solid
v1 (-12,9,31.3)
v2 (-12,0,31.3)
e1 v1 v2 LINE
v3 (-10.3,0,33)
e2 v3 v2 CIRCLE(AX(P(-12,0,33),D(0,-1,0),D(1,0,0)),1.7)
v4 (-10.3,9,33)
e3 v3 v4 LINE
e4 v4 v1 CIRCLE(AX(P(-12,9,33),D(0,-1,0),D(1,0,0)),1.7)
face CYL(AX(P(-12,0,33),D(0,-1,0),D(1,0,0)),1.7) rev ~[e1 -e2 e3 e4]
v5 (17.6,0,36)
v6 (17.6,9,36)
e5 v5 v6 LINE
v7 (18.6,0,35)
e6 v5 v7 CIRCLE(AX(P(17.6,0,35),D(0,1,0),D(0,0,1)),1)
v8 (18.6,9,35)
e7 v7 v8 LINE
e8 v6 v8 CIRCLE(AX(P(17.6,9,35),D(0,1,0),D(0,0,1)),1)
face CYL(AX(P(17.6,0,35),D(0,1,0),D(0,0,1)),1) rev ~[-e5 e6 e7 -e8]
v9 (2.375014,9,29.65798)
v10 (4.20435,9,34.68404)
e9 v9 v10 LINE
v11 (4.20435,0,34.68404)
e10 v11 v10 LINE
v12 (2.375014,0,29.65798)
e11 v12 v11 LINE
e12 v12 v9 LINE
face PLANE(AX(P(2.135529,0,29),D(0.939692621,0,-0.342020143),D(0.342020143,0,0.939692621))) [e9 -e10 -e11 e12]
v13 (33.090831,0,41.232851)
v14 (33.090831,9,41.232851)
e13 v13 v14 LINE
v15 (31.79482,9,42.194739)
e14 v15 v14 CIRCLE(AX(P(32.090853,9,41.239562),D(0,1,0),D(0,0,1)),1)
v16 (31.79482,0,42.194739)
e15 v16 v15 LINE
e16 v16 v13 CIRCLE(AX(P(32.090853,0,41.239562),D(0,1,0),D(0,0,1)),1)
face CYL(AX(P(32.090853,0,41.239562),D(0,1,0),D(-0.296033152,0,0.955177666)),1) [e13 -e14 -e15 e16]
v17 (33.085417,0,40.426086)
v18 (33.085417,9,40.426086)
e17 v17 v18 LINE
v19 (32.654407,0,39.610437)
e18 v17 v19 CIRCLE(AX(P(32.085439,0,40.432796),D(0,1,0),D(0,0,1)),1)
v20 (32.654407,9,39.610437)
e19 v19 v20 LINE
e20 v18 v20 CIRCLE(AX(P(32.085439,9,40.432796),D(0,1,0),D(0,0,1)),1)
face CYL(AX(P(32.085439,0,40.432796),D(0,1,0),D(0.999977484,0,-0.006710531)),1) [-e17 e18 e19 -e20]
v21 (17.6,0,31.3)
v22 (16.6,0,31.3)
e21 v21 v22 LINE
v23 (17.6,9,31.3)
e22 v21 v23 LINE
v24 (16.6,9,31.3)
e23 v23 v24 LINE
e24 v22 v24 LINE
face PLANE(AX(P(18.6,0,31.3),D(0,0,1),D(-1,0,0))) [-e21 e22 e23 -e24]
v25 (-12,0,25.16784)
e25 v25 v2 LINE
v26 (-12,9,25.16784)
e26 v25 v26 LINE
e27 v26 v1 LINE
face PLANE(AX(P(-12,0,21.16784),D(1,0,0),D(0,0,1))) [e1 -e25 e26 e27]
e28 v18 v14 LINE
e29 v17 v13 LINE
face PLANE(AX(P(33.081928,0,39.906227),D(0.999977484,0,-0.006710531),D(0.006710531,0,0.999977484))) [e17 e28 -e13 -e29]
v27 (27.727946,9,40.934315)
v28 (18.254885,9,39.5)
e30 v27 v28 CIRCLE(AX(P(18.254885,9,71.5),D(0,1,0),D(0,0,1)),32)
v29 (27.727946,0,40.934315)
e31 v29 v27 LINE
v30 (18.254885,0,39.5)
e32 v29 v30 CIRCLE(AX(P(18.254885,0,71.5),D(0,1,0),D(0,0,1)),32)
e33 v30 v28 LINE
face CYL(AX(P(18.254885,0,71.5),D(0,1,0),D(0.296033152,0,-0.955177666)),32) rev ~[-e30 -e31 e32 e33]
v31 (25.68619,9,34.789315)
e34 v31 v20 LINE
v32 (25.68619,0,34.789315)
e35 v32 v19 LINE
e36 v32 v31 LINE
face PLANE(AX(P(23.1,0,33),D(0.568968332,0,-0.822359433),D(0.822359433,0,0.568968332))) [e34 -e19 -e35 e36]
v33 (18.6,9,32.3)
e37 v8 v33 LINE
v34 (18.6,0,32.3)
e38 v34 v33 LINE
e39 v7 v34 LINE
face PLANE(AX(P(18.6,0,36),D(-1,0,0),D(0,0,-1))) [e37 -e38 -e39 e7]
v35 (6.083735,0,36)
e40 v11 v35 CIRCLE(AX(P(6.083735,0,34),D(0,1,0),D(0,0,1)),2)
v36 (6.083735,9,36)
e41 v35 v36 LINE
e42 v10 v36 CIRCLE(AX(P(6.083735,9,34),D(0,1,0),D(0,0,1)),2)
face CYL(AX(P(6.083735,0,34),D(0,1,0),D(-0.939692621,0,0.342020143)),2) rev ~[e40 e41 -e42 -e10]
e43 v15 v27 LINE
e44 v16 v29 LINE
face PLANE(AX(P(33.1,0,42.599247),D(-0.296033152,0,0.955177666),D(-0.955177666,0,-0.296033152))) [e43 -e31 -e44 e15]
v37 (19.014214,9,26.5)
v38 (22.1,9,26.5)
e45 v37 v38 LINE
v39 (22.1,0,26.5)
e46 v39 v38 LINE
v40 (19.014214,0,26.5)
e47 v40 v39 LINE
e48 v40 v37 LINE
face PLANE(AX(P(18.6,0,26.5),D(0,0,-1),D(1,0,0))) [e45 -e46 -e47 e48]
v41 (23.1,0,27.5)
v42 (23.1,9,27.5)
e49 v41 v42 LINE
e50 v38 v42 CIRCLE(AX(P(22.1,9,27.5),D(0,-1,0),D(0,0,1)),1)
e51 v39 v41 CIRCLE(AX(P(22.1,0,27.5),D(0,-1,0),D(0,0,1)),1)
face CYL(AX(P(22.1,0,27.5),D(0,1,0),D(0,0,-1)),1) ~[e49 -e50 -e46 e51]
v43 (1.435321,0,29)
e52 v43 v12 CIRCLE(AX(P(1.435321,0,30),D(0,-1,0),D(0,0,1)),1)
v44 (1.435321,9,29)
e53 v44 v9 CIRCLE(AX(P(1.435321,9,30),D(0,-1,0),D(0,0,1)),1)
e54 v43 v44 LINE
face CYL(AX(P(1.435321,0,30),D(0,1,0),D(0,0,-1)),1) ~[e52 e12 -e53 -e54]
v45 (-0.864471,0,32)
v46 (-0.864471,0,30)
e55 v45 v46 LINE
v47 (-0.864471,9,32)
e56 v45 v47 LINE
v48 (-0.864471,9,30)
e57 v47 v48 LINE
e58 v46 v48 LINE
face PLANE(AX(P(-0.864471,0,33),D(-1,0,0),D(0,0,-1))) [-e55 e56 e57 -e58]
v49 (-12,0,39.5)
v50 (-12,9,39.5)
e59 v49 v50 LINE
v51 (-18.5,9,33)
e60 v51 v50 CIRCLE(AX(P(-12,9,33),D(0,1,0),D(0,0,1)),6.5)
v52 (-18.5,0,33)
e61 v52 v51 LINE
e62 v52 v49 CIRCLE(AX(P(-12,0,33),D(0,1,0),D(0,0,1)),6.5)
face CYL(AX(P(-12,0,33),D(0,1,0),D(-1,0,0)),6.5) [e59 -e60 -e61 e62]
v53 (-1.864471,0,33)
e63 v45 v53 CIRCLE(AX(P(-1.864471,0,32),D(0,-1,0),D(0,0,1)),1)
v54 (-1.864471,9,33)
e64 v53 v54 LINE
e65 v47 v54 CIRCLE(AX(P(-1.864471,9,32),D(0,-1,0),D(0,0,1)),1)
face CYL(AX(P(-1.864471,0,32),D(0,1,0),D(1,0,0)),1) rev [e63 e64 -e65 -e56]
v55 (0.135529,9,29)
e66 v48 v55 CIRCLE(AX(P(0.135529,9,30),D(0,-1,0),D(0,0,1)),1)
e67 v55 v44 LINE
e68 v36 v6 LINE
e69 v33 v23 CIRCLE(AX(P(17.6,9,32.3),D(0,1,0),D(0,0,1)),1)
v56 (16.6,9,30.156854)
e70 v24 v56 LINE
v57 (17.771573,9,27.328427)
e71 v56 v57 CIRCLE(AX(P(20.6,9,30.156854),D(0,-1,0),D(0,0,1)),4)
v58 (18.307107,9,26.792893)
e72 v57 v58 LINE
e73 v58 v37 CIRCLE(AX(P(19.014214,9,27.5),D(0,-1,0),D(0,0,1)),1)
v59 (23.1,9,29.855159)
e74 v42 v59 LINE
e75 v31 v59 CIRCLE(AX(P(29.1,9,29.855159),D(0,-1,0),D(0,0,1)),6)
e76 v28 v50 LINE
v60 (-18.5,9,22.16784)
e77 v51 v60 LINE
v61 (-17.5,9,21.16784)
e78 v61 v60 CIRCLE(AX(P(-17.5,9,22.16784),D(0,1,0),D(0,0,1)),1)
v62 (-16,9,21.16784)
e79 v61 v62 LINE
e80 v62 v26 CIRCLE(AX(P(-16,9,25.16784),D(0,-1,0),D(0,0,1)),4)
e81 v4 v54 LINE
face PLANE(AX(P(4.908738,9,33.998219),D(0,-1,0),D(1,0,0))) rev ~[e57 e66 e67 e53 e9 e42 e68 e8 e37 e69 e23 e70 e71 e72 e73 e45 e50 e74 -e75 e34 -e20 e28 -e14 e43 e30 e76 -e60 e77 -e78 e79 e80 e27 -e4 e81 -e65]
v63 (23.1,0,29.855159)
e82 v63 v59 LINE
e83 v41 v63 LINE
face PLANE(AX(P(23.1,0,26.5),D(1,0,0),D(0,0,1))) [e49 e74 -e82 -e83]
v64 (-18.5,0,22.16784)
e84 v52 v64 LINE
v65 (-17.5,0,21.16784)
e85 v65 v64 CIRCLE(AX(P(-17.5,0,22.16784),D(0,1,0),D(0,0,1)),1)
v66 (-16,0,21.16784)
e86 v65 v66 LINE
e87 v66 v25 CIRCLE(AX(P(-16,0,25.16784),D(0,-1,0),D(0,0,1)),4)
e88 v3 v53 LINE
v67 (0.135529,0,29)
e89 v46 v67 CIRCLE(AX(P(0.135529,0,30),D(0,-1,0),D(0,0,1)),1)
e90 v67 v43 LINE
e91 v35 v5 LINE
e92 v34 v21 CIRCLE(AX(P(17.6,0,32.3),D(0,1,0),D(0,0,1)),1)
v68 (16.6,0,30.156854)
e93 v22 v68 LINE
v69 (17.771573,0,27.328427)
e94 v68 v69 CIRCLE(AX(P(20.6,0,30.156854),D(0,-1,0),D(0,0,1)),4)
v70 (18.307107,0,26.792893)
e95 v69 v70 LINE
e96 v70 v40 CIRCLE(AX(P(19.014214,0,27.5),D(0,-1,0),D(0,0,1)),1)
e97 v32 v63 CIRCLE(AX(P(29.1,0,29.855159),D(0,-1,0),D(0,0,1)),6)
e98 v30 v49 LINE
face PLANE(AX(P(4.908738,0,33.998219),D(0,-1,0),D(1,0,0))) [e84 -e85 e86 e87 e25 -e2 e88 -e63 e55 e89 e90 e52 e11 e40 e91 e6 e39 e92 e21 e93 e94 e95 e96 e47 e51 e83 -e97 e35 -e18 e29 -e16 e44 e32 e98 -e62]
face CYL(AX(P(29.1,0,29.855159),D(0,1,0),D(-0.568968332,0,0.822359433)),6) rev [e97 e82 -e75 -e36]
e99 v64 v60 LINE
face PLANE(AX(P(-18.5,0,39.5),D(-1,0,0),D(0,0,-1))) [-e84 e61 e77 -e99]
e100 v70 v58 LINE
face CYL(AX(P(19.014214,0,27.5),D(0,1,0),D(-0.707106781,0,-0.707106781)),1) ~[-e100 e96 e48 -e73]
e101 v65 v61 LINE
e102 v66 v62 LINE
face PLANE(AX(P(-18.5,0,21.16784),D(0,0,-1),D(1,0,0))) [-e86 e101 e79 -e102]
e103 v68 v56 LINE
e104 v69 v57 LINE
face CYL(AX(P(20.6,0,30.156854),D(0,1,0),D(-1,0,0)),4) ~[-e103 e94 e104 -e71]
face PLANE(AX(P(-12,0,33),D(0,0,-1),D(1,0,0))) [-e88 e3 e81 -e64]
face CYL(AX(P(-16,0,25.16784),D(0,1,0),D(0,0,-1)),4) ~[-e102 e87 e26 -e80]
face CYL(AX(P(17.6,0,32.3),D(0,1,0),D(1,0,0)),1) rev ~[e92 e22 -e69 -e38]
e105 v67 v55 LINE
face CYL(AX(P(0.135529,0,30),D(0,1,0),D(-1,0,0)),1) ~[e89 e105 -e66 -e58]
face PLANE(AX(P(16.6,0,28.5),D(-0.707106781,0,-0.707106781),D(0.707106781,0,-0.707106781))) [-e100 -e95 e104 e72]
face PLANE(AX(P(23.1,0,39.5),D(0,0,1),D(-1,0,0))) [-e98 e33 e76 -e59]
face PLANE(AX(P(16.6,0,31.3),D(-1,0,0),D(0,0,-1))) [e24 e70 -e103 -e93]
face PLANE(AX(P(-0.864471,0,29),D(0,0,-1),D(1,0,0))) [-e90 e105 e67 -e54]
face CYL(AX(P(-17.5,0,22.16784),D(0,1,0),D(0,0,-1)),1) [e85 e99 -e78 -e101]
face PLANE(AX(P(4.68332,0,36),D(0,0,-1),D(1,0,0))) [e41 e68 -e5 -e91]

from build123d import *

# Parameters (mm, degrees)
PAD010_DEPTH    = 9
FILLET029_R     = 6.5
FILLET030_R     = 4
FILLET031_R     = 1
FILLET032_R     = 1
FILLET033_R     = 2
FILLET034_R     = 4
SKETCH043_R     = 1.7
POCKET021_DEPTH = 9
FILLET040_R     = 6
FILLET041_R     = 32
FILLET042_R     = 1


with BuildPart() as part:
    # Sketch040 → Pad010 (new body)
    with BuildSketch(Plane.XZ):
        Polygon((-18.1, 39.4), (-18.1, 21.0678404338), (-11.6, 21.0678404338), (-11.6, 32.9), (-0.4644712743, 32.9), (-0.4644712743, 28.9), (2.5355287257, 28.9), (5.0833203655, 35.9), (19, 35.9), (19, 31.2), (17, 31.2), (17, 28.4), (19, 26.4), (23.5, 26.4), (23.5, 32.9), (33.481928, 39.806227), (33.5, 42.499247), (23.5, 39.4), align=None)
    extrude(amount=-PAD010_DEPTH)

    # Fillet029
    fillet029_edges = [part.edges().sort_by_distance(p)[0] for p in [
        (-18.1, 4.5, 39.4),
    ]]
    fillet(fillet029_edges, radius=FILLET029_R)

    # Fillet030
    fillet030_edges = [part.edges().sort_by_distance(p)[0] for p in [
        (-11.6, 4.5, 21.06784),
    ]]
    fillet(fillet030_edges, radius=FILLET030_R)

    # Fillet031
    fillet031_edges = [part.edges().sort_by_distance(p)[0] for p in [
        (-0.464471, 4.5, 28.9),
    ]]
    fillet(fillet031_edges, radius=FILLET031_R)

    # Fillet032
    fillet032_edges = [part.edges().sort_by_distance(p)[0] for p in [
        (-0.464471, 4.5, 32.9),
        (19, 4.5, 35.9),
        (2.535529, 4.5, 28.9),
        (23.5, 4.5, 26.4),
        (19, 4.5, 26.4),
        (-18.1, 4.5, 21.06784),
        (19, 4.5, 31.2),
    ]]
    fillet(fillet032_edges, radius=FILLET032_R)

    # Fillet033
    fillet033_edges = [part.edges().sort_by_distance(p)[0] for p in [
        (5.08332, 4.5, 35.9),
    ]]
    fillet(fillet033_edges, radius=FILLET033_R)

    # Fillet034
    fillet034_edges = [part.edges().sort_by_distance(p)[0] for p in [
        (17, 4.5, 28.4),
    ]]
    fillet(fillet034_edges, radius=FILLET034_R)

    # Sketch043 (on Face1 of Fillet033) → Pocket021 (cut)
    with BuildSketch(Plane.XZ):
        with Locations((-11.6, 32.9)):
            Circle(SKETCH043_R)
    extrude(amount=-POCKET021_DEPTH, mode=Mode.SUBTRACT)

    # Fillet040
    fillet040_edges = [part.edges().sort_by_distance(p)[0] for p in [
        (23.5, 4.5, 32.9),
    ]]
    fillet(fillet040_edges, radius=FILLET040_R)

    # Fillet041
    fillet041_edges = [part.edges().sort_by_distance(p)[0] for p in [
        (23.5, 4.5, 39.4),
    ]]
    fillet(fillet041_edges, radius=FILLET041_R)

    # Fillet042
    fillet042_edges = [part.edges().sort_by_distance(p)[0] for p in [
        (33.481928, 4.5, 39.806227),
        (33.5, 4.5, 42.499247),
    ]]
    fillet(fillet042_edges, radius=FILLET042_R)


with BuildPart() as part_1:
    # Body008 placement: moved
    add(part.part.moved(Location((-0.4, 0, 0.1))))


solid = part_1.part
